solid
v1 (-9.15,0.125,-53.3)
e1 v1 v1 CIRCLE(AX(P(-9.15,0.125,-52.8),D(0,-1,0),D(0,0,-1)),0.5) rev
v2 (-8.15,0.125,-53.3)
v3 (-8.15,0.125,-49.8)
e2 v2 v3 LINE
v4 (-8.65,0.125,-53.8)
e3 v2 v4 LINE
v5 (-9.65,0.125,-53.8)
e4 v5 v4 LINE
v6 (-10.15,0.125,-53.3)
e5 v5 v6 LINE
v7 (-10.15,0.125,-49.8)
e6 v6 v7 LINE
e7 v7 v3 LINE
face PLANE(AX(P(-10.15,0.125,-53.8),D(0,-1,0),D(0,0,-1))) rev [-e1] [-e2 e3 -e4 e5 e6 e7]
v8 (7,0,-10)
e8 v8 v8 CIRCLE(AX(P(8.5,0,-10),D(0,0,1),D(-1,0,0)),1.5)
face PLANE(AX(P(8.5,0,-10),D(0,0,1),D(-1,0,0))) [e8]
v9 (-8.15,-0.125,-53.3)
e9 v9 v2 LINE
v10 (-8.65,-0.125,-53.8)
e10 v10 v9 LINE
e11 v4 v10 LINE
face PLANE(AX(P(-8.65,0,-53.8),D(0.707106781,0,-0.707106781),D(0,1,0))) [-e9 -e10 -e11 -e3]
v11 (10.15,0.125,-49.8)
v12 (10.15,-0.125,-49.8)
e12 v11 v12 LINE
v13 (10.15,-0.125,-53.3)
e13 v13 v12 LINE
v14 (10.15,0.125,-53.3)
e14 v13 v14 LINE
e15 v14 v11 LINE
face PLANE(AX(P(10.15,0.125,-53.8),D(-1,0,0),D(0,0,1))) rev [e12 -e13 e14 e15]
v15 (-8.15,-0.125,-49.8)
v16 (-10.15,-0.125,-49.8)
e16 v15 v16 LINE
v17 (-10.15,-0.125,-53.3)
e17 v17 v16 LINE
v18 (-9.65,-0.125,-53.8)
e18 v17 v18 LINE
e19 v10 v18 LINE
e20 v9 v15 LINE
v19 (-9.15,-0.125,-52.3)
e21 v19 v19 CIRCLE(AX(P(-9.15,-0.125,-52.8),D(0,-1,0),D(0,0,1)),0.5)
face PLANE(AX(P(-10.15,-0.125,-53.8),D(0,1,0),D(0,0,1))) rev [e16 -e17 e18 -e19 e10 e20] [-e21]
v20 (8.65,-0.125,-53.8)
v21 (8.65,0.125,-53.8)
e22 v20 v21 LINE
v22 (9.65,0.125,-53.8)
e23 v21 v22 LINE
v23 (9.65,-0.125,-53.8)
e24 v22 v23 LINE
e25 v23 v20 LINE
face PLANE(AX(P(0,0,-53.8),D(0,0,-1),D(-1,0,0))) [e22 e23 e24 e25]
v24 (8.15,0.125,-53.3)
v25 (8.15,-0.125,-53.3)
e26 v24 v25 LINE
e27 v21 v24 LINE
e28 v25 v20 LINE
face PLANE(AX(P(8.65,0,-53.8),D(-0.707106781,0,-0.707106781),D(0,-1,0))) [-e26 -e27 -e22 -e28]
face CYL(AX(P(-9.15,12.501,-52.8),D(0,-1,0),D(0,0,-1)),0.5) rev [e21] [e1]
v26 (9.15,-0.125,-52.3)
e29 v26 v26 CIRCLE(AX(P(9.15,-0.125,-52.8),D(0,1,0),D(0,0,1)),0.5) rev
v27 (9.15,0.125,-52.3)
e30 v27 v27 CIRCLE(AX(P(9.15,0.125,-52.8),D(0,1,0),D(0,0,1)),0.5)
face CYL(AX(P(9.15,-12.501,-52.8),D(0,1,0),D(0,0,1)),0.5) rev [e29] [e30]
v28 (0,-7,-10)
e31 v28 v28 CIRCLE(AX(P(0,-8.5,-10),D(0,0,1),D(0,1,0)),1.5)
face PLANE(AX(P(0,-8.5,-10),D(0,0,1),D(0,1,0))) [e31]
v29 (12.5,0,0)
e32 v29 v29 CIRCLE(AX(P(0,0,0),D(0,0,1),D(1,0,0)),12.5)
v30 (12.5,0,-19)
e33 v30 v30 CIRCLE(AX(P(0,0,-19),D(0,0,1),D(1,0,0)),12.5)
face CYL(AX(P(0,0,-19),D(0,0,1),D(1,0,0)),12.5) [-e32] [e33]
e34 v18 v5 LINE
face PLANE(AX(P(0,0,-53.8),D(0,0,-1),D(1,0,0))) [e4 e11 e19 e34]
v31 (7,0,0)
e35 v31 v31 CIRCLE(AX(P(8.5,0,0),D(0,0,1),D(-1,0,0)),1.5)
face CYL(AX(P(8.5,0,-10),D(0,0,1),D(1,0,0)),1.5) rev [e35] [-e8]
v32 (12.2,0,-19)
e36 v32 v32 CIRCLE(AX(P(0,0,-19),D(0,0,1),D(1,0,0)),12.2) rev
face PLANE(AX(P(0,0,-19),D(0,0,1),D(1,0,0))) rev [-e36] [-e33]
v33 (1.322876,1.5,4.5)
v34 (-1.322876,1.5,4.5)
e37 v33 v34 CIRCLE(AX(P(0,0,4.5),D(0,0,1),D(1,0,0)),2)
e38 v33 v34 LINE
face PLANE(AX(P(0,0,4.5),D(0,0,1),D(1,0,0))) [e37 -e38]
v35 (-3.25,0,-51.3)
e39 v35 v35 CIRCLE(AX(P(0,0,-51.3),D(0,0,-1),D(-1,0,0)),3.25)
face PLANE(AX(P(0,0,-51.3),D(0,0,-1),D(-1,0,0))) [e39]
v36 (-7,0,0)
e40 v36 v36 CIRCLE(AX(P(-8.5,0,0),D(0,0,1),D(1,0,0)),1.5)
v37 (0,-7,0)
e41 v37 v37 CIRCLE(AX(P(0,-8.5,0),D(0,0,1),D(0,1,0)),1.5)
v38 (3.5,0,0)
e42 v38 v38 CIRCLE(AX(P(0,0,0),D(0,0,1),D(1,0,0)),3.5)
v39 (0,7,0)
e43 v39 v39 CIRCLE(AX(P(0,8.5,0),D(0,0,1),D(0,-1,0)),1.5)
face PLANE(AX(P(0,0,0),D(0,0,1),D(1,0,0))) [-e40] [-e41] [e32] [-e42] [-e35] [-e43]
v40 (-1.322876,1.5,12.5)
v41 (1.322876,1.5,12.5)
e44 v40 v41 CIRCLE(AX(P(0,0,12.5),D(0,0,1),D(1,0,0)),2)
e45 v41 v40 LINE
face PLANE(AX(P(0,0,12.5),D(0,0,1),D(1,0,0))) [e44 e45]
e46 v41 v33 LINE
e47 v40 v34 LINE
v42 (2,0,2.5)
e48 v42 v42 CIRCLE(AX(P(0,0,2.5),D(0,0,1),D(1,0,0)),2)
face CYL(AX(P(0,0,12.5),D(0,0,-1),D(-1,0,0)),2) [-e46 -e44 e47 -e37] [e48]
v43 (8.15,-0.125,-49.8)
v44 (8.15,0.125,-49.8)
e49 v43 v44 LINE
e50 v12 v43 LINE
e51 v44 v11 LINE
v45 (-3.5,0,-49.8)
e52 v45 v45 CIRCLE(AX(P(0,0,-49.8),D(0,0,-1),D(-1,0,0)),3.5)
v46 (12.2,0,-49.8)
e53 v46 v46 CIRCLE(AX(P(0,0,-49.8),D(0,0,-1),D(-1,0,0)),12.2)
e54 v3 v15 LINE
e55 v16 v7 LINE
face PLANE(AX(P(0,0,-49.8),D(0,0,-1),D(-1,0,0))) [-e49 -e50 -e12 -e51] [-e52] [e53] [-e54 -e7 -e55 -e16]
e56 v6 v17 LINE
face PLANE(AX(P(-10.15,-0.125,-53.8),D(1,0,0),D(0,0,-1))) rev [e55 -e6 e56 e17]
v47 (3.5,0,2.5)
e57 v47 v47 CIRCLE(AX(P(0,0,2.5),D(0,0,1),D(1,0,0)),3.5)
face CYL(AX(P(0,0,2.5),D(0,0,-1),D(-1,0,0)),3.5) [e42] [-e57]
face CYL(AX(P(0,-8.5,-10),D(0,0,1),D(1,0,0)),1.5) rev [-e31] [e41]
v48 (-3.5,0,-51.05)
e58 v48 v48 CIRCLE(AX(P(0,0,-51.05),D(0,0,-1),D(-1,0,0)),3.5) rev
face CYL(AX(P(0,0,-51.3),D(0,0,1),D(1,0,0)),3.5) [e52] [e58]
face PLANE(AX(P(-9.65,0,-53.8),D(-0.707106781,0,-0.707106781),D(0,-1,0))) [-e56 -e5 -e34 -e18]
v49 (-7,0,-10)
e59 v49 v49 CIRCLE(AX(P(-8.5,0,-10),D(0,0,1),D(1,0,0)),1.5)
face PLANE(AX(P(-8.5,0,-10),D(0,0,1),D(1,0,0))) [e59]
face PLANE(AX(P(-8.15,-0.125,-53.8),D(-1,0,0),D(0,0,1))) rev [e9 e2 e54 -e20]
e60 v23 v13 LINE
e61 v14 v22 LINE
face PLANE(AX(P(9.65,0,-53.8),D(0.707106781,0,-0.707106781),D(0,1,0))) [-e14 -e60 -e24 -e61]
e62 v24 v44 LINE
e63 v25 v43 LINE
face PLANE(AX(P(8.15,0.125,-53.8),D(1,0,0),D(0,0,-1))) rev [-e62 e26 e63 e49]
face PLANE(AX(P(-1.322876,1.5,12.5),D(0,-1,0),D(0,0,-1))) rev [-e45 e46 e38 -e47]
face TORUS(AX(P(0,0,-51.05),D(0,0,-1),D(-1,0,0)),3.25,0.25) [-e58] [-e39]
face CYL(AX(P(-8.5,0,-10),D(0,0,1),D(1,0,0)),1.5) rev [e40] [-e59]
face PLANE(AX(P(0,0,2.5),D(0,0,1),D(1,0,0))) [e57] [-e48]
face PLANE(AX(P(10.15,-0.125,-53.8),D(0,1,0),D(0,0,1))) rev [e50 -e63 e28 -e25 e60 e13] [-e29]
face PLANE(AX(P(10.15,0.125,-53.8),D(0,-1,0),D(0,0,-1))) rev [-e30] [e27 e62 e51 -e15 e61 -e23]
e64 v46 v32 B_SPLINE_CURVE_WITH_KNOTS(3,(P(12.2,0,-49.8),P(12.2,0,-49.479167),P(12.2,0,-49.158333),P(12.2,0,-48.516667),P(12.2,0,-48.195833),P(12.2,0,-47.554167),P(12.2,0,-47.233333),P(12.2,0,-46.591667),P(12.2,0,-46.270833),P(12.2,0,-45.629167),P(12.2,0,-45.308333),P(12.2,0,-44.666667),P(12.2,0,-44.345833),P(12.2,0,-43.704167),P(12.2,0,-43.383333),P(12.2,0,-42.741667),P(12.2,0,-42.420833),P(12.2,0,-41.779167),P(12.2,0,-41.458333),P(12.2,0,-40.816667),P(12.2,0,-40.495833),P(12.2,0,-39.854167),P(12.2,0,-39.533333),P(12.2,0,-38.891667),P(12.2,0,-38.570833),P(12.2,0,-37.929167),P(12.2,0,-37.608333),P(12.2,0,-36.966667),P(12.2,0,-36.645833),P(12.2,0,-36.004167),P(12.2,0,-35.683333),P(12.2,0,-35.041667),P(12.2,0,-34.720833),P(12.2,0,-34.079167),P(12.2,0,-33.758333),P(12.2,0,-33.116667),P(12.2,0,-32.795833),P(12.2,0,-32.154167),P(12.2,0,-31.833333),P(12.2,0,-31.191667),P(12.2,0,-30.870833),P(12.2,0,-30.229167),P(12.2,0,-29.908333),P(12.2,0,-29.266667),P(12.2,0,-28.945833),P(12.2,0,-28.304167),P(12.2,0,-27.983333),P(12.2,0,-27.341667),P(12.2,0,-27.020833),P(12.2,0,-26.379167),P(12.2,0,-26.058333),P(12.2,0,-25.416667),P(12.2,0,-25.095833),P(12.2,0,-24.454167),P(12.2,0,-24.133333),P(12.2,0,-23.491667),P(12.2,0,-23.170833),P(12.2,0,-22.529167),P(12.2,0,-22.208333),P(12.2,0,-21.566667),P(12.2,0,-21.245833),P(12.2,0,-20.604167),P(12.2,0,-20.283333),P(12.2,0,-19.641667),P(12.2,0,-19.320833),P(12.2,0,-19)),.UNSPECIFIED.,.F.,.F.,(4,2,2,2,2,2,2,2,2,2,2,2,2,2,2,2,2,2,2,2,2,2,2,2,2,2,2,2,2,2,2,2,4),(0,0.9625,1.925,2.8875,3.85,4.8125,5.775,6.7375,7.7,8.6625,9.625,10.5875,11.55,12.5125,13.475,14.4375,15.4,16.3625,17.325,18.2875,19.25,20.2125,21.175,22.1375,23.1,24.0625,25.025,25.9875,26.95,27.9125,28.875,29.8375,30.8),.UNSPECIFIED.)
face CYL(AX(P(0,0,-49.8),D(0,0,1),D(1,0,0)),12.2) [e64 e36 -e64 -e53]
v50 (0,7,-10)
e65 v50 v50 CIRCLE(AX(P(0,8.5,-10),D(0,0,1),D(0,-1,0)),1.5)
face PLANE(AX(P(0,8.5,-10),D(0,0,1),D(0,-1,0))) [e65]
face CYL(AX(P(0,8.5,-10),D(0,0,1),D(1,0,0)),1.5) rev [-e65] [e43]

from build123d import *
from build123d.topology import SkipClean

# Parameters (mm, degrees)
SKETCH1_R                    = 12.5
BOSS_EXTRUDE1_DEPTH          = 19
SKETCH2_R                    = 12.2
BOSS_EXTRUDE2_DEPTH          = 30.8
SKETCH3_R                    = 1.5
CUT_EXTRUDE1_DEPTH           = 10
CIRPATTERN1_COUNT            = 4
SKETCH4_R                    = 3.5
BOSS_EXTRUDE3_DEPTH          = 2.5
BOSS_EXTRUDE4_DEPTH          = 10
SKETCH7_R                    = 2
BOSS_EXTRUDE5_DEPTH          = 2
SKETCH8_W                    = 2
SKETCH8_H                    = 0.25
BOSS_EXTRUDE6_DEPTH          = 4
CHAMFER1_SIZE                = 0.5
CUT_EXTRUDE2_REACH           = 58.658
SKETCH10_R                   = 0.5
CIRPATTERN2_COUNT            = 2
CHAMFER1_OF_CIRPATTERN2_SIZE = 0.5
BOSS_EXTRUDE7_START          = 1.5
SKETCH11_R                   = 3.5
BOSS_EXTRUDE7_DEPTH          = 1.5
FILLET1_R                    = 0.25


with BuildPart() as part:
    # Sketch1 → Boss-Extrude1 (new body)
    with BuildSketch(Plane.XY):
        Circle(SKETCH1_R)
    extrude(amount=-BOSS_EXTRUDE1_DEPTH)

    # Sketch2 → Boss-Extrude2 (add)
    with BuildSketch(Plane(origin=(0, 0, -19), x_dir=(-1, 0, 0), z_dir=(0, 0, -1))):
        Circle(SKETCH2_R)
    extrude(amount=BOSS_EXTRUDE2_DEPTH)

    # Sketch3 → Cut-Extrude1 (cut)
    with BuildSketch(Plane.XY):
        with Locations((-8.5, 0)):
            Circle(SKETCH3_R)
    cut_extrude1 = extrude(amount=-CUT_EXTRUDE1_DEPTH, mode=Mode.SUBTRACT)

    # CirPattern1: Cut-Extrude1 ×4 about axis
    cirpattern1_axis = Axis((0, 0, -19), (0, 0, 1))
    for i in range(1, CIRPATTERN1_COUNT):
        add(cut_extrude1.rotate(cirpattern1_axis, i * 360 / CIRPATTERN1_COUNT), mode=Mode.SUBTRACT)

    # Sketch4 → Boss-Extrude3 (add)
    with BuildSketch(Plane.XY):
        Circle(SKETCH4_R)
    extrude(amount=BOSS_EXTRUDE3_DEPTH)

    # Sketch6 → Boss-Extrude4 (add)
    with BuildSketch(Plane.XY.offset(2.5)):
        with BuildLine():
            Line((-1.322875656, 1.5), (1.322875656, 1.5))
            ThreePointArc((1.322875656, 1.5), (0, -2), (-1.322875656, 1.5))
        make_face()
    extrude(amount=BOSS_EXTRUDE4_DEPTH)

    # Sketch7 → Boss-Extrude5 (add)
    with SkipClean():  # the faces are left unmerged after this step: merging them gives an invalid solid
        with BuildSketch(Plane.XY.offset(2.5)):
            Circle(SKETCH7_R)
        extrude(amount=BOSS_EXTRUDE5_DEPTH)

    # Sketch8 → Boss-Extrude6 (add)
    with SkipClean():  # the faces are left unmerged after this step: merging them gives an invalid solid
        with BuildSketch(Plane(origin=(0, 0, -49.8), x_dir=(-1, 0, 0), z_dir=(0, 0, -1))):
            with Locations((-9.15, 0)):
                Rectangle(SKETCH8_W, SKETCH8_H)
        boss_extrude6 = extrude(amount=BOSS_EXTRUDE6_DEPTH)

    # Chamfer1
    chamfer1_edges = [part.edges().sort_by_distance(p)[0] for p in [
        (10.15, 0, -53.8),
        (8.15, 0, -53.8),
    ]]
    chamfer(chamfer1_edges, length=CHAMFER1_SIZE)

    # Sketch10 → Cut-Extrude2 (cut, up to next)
    with BuildSketch(Plane(origin=(0, 0.125, 0), x_dir=(1, 0, 0), z_dir=(0, 1, 0)), mode=Mode.PRIVATE) as cut_extrude2_sk1:
        with Locations((9.15, 52.8)):
            Circle(SKETCH10_R)
    cut_extrude2_tool1 = extrude(cut_extrude2_sk1.sketch, amount=-CUT_EXTRUDE2_REACH, mode=Mode.PRIVATE) & part.part
    cut_extrude2 = cut_extrude2_tool1.solids().sort_by_distance((9.15, 0.125, -52.8))[0]
    add(cut_extrude2, mode=Mode.SUBTRACT)

    # CirPattern2: Boss-Extrude6, Cut-Extrude2 ×2 about axis
    with SkipClean():  # the faces are left unmerged after this step: merging them gives an invalid solid
        cirpattern2_axis = Axis((0, 0, -19), (0, 0, 1))
        add([boss_extrude6.rotate(cirpattern2_axis, i * 360 / CIRPATTERN2_COUNT) for i in range(1, CIRPATTERN2_COUNT)])
        add([cut_extrude2.rotate(cirpattern2_axis, i * 360 / CIRPATTERN2_COUNT) for i in range(1, CIRPATTERN2_COUNT)], mode=Mode.SUBTRACT)

    # Chamfer1 of CirPattern2
    chamfer1_of_cirpattern2_edges = [part.edges().sort_by_distance(p)[0] for p in [
        (-10.15, 0, -53.8),
        (-8.15, 0, -53.8),
    ]]
    chamfer(chamfer1_of_cirpattern2_edges, length=CHAMFER1_OF_CIRPATTERN2_SIZE)

    # Sketch11 → Boss-Extrude7 (add)
    with SkipClean():  # the faces are left unmerged after this step: merging them gives an invalid solid
        with BuildSketch(Plane(origin=(0, 0, -49.8), x_dir=(-1, 0, 0), z_dir=(0, 0, -1)).offset(BOSS_EXTRUDE7_START)):
            Circle(SKETCH11_R)
        extrude(amount=-BOSS_EXTRUDE7_DEPTH)

    # Fillet1
    fillet1_edges = [part.edges().sort_by_distance(p)[0] for p in [
        (3.5, 0, -51.3),
    ]]
    fillet(fillet1_edges, radius=FILLET1_R)


solid = part.part
